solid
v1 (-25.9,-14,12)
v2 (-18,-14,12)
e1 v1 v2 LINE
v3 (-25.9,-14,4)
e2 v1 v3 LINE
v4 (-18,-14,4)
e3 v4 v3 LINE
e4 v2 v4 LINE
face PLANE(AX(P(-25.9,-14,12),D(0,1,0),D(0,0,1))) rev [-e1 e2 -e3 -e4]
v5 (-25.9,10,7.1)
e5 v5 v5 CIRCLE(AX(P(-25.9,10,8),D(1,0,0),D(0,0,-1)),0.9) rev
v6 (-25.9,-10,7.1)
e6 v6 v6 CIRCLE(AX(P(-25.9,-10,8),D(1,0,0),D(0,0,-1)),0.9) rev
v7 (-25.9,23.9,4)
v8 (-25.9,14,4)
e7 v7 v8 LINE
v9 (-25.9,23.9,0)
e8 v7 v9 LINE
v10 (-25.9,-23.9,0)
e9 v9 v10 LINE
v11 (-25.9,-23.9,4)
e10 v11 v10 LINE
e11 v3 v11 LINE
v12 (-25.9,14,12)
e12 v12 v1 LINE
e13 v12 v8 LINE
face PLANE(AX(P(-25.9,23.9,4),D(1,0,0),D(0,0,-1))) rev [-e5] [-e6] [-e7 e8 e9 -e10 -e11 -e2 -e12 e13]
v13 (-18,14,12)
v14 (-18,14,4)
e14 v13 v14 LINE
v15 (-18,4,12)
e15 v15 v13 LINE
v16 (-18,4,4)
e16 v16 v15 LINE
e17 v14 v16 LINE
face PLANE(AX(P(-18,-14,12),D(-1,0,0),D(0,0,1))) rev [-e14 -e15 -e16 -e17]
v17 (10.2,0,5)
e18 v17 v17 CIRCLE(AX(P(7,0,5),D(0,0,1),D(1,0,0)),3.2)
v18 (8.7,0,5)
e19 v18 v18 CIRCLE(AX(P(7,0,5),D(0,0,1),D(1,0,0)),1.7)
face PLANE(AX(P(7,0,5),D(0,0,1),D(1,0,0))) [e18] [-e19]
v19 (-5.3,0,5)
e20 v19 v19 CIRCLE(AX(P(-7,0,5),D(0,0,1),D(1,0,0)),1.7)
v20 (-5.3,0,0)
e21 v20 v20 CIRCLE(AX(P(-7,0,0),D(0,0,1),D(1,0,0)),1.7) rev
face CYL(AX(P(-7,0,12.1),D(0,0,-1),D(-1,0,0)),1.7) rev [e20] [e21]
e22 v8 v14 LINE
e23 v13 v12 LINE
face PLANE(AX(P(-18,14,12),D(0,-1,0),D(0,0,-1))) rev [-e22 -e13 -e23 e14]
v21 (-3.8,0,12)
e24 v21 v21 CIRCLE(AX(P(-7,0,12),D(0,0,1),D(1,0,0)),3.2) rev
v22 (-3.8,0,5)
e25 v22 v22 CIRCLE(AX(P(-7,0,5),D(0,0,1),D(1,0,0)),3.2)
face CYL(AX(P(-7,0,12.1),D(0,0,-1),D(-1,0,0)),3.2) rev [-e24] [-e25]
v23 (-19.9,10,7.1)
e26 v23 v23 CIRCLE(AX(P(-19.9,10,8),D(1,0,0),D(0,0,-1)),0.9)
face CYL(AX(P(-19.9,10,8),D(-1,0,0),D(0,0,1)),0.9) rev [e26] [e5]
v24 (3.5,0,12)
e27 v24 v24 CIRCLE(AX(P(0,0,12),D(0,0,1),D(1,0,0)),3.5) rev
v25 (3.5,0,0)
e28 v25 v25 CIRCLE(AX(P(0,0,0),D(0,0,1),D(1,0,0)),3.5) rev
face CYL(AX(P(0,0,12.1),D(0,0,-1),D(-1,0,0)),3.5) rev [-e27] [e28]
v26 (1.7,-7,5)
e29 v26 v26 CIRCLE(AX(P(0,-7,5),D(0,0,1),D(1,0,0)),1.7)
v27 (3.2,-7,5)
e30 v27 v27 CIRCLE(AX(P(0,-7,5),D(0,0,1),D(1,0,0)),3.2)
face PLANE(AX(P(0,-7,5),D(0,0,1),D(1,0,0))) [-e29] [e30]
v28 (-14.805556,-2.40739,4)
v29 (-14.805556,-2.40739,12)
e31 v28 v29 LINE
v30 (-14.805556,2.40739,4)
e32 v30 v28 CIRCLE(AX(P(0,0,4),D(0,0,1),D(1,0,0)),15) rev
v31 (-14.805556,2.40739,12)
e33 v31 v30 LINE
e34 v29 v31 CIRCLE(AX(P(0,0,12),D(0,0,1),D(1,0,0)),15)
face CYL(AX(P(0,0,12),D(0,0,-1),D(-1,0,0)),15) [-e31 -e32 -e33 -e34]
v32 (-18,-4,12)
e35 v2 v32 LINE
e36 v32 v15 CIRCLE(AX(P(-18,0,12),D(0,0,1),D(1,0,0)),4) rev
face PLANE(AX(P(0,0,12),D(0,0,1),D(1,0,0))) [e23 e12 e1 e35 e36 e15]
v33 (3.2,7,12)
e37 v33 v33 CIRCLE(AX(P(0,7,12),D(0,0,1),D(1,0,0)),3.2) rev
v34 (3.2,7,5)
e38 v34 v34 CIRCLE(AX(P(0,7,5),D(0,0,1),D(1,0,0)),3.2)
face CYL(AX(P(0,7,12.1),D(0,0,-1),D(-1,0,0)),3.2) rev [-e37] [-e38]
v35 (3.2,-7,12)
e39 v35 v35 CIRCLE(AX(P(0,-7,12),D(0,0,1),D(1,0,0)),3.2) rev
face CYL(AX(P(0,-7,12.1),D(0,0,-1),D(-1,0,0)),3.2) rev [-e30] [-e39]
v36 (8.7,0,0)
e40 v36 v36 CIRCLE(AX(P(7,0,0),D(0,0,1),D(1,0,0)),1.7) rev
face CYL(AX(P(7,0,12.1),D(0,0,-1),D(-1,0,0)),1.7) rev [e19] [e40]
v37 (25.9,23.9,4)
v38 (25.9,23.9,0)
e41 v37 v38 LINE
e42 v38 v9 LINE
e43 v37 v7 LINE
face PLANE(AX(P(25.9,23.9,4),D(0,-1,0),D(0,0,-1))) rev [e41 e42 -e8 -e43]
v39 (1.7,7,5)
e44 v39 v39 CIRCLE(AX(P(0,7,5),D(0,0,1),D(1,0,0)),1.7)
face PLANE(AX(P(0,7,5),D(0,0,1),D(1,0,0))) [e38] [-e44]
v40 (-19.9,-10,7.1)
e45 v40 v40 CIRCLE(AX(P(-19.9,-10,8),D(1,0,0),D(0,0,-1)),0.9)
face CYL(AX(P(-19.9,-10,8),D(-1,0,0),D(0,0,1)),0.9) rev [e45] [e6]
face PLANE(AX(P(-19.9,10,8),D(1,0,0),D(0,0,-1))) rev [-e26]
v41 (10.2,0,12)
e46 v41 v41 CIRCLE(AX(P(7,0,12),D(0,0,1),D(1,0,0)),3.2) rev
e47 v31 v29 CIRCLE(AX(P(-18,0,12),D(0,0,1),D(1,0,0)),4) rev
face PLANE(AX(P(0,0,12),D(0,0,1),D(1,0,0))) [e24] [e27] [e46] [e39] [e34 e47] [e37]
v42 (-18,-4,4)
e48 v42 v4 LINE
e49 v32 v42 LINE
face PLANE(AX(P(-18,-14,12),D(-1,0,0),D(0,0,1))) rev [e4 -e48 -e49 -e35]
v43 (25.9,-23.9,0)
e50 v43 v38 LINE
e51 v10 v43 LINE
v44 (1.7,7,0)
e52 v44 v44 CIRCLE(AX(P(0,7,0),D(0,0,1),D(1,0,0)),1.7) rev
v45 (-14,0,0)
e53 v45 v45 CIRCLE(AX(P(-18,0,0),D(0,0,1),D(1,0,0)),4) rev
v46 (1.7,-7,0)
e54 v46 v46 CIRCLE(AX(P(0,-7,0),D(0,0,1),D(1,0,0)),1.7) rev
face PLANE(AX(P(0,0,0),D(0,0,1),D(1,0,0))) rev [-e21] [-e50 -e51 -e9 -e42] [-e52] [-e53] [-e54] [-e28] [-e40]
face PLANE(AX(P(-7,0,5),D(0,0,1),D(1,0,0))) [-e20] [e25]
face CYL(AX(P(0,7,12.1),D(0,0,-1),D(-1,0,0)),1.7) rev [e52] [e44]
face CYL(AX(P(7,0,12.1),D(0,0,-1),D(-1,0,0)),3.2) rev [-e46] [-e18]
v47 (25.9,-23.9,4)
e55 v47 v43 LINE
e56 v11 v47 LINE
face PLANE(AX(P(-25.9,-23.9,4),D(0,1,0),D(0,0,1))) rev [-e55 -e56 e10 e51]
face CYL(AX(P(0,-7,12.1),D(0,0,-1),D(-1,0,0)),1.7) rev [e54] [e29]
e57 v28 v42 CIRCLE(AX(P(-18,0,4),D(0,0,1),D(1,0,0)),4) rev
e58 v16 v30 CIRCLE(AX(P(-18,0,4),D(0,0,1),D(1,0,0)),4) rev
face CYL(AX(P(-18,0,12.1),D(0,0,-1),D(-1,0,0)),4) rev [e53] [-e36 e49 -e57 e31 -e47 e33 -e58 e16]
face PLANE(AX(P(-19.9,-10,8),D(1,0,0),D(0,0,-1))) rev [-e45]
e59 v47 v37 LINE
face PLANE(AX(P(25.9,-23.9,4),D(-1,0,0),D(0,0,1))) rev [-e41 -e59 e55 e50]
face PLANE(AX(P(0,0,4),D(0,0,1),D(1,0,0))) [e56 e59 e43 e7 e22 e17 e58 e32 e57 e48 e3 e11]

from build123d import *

# Parameters (mm, degrees)
S_BOX1_W      = 51.8
S_BOX1_H      = 47.8
BOSS_1_DEPTH  = 4
S_CYL2_R      = 15
BOSS_2_DEPTH  = 8.1
S_BOX3_W      = 7.9
S_BOX3_H      = 28
BOSS_3_DEPTH  = 8.1
S_HOLE4_R     = 4
HOLE_4_DEPTH  = 12.2
S_HOLE5_R     = 3.5
HOLE_5_DEPTH  = 12.2
S_HOLE6_R     = 1.7
HOLE_6_DEPTH  = 12.2
S_HOLE7_R     = 1.7
HOLE_7_DEPTH  = 12.2
S_HOLE8_R     = 1.7
HOLE_8_DEPTH  = 12.2
S_HOLE9_R     = 1.7
HOLE_9_DEPTH  = 12.2
S_HOLE10_R    = 3.2
HOLE_10_DEPTH = 7.1
S_HOLE11_R    = 3.2
HOLE_11_DEPTH = 7.1
S_HOLE12_R    = 3.2
HOLE_12_DEPTH = 7.1
S_HOLE13_R    = 3.2
HOLE_13_DEPTH = 7.1
S_HOLE14_R    = 0.9
HOLE_14_DEPTH = 6.1
S_HOLE15_R    = 0.9
HOLE_15_DEPTH = 6.1


with BuildPart() as part:
    # S_box1 → Boss_1 (new body)
    with BuildSketch(Plane.XY):
        Rectangle(S_BOX1_W, S_BOX1_H)
    extrude(amount=BOSS_1_DEPTH)

    # S_cyl2 → Boss_2 (add)
    with BuildSketch(Plane.XY.offset(3.9)):
        Circle(S_CYL2_R)
    extrude(amount=BOSS_2_DEPTH)

    # S_box3 → Boss_3 (add)
    with BuildSketch(Plane.XY.offset(3.9)):
        with Locations((-21.95, 0)):
            Rectangle(S_BOX3_W, S_BOX3_H)
    extrude(amount=BOSS_3_DEPTH)

    # S_hole4 → Hole_4 (cut)
    with BuildSketch(Plane.XY.offset(-0.1)):
        with Locations(Location((-18, 0, 0), (0, 0, 270))):
            Circle(S_HOLE4_R)
    extrude(amount=HOLE_4_DEPTH, mode=Mode.SUBTRACT)

    # S_hole5 → Hole_5 (cut)
    with BuildSketch(Plane.XY.offset(-0.1)):
        Circle(S_HOLE5_R)
    extrude(amount=HOLE_5_DEPTH, mode=Mode.SUBTRACT)

    # S_hole6 → Hole_6 (cut)
    with BuildSketch(Plane.XY.offset(-0.1)):
        with Locations((7, 0)):
            Circle(S_HOLE6_R)
    extrude(amount=HOLE_6_DEPTH, mode=Mode.SUBTRACT)

    # S_hole7 → Hole_7 (cut)
    with BuildSketch(Plane.XY.offset(-0.1)):
        with Locations((0, 7)):
            Circle(S_HOLE7_R)
    extrude(amount=HOLE_7_DEPTH, mode=Mode.SUBTRACT)

    # S_hole8 → Hole_8 (cut)
    with BuildSketch(Plane.XY.offset(-0.1)):
        with Locations((-7, 0)):
            Circle(S_HOLE8_R)
    extrude(amount=HOLE_8_DEPTH, mode=Mode.SUBTRACT)

    # S_hole9 → Hole_9 (cut)
    with BuildSketch(Plane.XY.offset(-0.1)):
        with Locations((0, -7)):
            Circle(S_HOLE9_R)
    extrude(amount=HOLE_9_DEPTH, mode=Mode.SUBTRACT)

    # S_hole10 → Hole_10 (cut)
    with BuildSketch(Plane.XY.offset(5)):
        with Locations((7, 0)):
            Circle(S_HOLE10_R)
    extrude(amount=HOLE_10_DEPTH, mode=Mode.SUBTRACT)

    # S_hole11 → Hole_11 (cut)
    with BuildSketch(Plane.XY.offset(5)):
        with Locations((0, 7)):
            Circle(S_HOLE11_R)
    extrude(amount=HOLE_11_DEPTH, mode=Mode.SUBTRACT)

    # S_hole12 → Hole_12 (cut)
    with BuildSketch(Plane.XY.offset(5)):
        with Locations((-7, 0)):
            Circle(S_HOLE12_R)
    extrude(amount=HOLE_12_DEPTH, mode=Mode.SUBTRACT)

    # S_hole13 → Hole_13 (cut)
    with BuildSketch(Plane.XY.offset(5)):
        with Locations((0, -7)):
            Circle(S_HOLE13_R)
    extrude(amount=HOLE_13_DEPTH, mode=Mode.SUBTRACT)

    # S_hole14 → Hole_14 (cut)
    with BuildSketch(Plane(origin=(-26, 0, 0), x_dir=(0, 0, -1), z_dir=(1, 0, 0))):
        with Locations((-8, -10)):
            Circle(S_HOLE14_R)
    extrude(amount=HOLE_14_DEPTH, mode=Mode.SUBTRACT)

    # S_hole15 → Hole_15 (cut)
    with BuildSketch(Plane(origin=(-26, 0, 0), x_dir=(0, 0, -1), z_dir=(1, 0, 0))):
        with Locations((-8, 10)):
            Circle(S_HOLE15_R)
    extrude(amount=HOLE_15_DEPTH, mode=Mode.SUBTRACT)


solid = part.part
